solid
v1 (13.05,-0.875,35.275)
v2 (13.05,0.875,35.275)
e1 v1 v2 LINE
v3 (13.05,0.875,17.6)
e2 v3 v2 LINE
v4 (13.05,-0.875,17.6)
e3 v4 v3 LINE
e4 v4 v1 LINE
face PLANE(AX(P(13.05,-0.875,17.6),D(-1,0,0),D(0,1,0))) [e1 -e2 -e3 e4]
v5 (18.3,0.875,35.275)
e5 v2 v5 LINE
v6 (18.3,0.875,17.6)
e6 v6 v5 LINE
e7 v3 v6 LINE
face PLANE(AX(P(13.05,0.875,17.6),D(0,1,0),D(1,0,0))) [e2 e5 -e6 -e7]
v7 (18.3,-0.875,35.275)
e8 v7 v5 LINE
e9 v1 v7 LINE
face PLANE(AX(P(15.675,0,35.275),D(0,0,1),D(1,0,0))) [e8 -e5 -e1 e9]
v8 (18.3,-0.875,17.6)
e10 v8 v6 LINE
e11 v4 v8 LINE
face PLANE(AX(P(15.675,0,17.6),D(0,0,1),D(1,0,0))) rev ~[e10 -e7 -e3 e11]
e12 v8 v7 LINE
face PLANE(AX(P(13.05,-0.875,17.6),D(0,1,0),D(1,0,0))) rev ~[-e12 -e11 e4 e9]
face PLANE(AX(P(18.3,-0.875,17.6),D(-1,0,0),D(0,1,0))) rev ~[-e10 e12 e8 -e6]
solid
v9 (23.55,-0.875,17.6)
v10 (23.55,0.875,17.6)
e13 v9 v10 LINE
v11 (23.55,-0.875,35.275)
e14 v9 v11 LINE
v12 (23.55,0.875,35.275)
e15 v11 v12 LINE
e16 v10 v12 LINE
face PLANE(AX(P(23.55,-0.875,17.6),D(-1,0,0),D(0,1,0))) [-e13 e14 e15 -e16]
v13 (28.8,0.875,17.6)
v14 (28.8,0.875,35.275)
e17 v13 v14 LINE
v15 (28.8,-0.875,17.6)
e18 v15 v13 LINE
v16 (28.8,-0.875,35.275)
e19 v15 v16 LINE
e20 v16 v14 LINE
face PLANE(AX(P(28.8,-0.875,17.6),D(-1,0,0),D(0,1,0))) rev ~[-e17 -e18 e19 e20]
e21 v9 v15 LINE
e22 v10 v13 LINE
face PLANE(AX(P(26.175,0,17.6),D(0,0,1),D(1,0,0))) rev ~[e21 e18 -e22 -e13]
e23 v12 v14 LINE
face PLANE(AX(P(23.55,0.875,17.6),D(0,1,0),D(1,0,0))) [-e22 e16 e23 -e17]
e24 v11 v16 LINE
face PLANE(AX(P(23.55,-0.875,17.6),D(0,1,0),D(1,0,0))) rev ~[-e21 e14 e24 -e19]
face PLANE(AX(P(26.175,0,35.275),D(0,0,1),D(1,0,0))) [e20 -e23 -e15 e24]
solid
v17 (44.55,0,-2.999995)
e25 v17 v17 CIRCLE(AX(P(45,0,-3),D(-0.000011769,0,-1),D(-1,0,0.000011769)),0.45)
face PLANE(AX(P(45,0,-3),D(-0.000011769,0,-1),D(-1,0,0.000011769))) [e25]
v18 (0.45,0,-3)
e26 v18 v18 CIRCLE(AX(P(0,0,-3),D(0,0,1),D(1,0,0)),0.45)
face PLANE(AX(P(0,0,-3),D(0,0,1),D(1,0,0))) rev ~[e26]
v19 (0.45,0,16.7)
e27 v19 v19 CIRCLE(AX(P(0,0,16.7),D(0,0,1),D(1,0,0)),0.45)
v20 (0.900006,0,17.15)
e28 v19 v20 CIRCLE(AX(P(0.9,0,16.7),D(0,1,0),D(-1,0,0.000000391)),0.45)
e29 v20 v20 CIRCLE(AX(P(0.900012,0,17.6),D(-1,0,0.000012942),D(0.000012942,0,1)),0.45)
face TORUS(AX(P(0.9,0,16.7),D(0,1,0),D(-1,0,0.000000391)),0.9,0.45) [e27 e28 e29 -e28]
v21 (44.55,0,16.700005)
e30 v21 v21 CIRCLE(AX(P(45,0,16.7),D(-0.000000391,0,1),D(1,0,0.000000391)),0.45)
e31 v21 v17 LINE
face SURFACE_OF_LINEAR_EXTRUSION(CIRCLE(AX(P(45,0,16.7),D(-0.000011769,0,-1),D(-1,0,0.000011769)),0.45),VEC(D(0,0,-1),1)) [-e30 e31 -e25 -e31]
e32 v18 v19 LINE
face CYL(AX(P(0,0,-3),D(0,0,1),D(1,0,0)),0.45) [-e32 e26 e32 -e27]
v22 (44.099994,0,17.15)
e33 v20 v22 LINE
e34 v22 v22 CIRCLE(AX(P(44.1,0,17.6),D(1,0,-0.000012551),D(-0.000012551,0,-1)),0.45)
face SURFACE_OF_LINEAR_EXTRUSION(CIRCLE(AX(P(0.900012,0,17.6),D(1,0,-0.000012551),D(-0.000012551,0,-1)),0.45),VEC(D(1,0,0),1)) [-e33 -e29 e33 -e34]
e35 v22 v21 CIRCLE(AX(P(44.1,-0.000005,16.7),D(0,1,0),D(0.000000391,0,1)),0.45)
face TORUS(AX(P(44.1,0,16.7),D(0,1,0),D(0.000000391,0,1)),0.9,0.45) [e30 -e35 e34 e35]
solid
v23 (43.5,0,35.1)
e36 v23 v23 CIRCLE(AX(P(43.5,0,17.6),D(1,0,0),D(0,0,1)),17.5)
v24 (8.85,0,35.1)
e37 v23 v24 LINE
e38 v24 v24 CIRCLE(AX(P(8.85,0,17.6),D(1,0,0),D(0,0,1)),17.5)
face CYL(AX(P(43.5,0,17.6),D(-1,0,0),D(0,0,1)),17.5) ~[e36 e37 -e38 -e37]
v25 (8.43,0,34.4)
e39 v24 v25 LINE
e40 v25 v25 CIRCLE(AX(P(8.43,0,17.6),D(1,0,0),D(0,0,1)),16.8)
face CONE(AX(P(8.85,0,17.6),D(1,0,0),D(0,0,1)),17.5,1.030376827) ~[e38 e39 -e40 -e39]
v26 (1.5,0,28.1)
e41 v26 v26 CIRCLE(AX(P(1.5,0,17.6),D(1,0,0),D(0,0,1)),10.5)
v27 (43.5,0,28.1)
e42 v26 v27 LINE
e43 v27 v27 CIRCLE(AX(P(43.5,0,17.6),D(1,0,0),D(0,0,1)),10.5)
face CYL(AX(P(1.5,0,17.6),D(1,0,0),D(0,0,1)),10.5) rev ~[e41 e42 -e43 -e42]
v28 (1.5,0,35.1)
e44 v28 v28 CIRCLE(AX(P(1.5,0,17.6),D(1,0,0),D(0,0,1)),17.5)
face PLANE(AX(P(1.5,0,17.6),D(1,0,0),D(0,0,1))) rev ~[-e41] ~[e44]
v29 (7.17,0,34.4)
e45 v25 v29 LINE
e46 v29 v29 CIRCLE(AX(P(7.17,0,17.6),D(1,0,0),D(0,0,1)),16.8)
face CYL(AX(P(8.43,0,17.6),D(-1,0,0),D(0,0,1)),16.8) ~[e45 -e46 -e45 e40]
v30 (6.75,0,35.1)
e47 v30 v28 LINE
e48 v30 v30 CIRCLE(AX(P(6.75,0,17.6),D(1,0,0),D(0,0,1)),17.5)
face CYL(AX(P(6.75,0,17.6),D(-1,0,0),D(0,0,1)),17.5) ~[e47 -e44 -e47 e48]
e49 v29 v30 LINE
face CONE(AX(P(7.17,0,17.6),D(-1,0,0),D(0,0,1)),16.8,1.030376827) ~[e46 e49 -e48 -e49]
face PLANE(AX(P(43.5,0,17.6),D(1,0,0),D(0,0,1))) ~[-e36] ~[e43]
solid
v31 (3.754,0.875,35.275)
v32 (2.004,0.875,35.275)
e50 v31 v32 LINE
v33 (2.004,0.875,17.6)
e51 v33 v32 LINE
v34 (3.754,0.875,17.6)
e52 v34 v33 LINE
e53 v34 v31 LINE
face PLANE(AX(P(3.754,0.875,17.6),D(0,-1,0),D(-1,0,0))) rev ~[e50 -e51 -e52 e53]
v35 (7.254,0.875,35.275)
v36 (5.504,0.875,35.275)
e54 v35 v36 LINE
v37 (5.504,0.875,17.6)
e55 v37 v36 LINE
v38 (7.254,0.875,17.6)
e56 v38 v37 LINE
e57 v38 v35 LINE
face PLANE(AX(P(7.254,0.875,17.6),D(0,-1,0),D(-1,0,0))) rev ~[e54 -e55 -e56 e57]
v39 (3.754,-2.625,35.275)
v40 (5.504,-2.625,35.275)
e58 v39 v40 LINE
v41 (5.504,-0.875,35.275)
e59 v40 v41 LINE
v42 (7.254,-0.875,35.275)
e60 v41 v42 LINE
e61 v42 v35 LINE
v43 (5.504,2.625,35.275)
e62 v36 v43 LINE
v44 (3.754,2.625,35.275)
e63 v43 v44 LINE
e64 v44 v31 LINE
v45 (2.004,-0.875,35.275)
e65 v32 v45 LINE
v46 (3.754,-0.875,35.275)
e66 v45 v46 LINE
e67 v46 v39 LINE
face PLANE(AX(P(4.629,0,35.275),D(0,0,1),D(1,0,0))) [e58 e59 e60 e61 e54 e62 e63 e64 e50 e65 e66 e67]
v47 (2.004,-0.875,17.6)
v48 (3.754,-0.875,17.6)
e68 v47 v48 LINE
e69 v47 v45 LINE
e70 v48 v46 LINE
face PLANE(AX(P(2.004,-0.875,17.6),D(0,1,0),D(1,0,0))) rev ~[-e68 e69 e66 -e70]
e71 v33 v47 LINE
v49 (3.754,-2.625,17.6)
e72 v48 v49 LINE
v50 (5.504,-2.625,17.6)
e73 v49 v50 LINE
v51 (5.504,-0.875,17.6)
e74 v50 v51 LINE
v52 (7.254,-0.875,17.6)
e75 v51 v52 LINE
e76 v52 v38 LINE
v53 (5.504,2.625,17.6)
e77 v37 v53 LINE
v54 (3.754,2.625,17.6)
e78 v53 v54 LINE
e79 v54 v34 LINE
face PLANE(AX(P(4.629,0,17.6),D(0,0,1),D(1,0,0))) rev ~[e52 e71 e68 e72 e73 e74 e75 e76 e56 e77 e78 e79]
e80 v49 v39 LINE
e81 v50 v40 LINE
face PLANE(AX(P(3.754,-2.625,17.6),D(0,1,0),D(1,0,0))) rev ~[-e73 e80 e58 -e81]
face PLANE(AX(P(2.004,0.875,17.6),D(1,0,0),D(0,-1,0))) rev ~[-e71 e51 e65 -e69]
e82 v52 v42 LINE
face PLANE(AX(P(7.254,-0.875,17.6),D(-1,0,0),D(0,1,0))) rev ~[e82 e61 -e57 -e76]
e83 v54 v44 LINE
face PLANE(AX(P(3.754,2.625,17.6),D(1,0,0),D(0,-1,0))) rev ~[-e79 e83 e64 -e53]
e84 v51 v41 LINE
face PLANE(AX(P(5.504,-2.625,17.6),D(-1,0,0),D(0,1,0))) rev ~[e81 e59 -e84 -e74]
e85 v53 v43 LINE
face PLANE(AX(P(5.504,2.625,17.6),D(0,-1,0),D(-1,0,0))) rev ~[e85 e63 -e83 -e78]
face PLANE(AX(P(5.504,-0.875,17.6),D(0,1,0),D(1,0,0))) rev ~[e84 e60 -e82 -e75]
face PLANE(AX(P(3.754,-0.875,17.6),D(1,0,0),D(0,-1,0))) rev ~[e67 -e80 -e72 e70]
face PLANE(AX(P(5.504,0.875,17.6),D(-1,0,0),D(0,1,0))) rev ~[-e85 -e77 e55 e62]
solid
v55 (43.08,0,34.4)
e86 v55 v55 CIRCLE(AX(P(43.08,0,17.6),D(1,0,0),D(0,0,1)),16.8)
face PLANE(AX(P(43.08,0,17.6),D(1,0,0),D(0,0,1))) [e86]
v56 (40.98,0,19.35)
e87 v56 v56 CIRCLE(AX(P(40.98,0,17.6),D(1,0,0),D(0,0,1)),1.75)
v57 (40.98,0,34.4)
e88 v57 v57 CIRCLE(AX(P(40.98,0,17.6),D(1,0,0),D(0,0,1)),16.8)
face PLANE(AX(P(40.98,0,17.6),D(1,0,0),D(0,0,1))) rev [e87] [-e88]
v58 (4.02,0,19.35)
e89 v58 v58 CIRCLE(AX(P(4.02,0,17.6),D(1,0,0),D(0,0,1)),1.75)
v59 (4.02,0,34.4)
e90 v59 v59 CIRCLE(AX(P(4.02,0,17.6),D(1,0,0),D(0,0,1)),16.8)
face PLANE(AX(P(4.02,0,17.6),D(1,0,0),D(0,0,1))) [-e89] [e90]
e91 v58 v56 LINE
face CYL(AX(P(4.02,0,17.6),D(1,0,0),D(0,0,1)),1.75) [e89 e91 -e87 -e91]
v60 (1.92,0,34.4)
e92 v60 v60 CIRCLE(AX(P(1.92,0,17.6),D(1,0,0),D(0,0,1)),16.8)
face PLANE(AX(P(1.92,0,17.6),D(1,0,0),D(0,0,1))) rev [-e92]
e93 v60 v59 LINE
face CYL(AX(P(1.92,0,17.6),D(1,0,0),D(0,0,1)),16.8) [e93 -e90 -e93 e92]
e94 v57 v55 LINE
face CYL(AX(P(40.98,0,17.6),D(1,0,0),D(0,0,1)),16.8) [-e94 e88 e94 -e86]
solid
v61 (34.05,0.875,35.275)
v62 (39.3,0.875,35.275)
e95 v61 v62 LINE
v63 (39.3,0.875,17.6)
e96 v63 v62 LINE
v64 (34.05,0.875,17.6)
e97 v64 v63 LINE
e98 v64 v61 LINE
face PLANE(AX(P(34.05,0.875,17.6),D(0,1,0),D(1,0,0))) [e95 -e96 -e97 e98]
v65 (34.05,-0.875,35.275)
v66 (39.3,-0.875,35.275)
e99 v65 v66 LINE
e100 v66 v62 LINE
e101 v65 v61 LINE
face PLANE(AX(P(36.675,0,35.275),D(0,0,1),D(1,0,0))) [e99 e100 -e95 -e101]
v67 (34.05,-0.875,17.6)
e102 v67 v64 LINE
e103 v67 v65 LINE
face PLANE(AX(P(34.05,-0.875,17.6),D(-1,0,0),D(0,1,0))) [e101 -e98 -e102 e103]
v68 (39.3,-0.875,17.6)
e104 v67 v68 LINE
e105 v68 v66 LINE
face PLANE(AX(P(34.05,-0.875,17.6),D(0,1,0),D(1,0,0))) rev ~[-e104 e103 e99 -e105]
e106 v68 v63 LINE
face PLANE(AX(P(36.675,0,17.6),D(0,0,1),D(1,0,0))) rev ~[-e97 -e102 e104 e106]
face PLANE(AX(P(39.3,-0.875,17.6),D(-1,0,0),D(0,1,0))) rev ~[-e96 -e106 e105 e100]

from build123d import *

# Parameters (mm, degrees)
SKETCH_R    = 0.45
SKETCH004_W = 5.25
SKETCH004_H = 1.75
PAD_DEPTH   = 17.675


with BuildPart() as sweep_body:
    # Sweep: sweep along a path in Sketch001
    with BuildLine(Plane.XZ) as sweep_path:
        Line((0, -3), (0, 16.7))
        ThreePointArc((0, 16.7), (0.263608, 17.3364), (0.900012, 17.6))
        Line((0.900012, 17.6), (44.1, 17.6))
        ThreePointArc((44.1, 17.6), (44.736396, 17.336396), (45, 16.7))
        Line((45, 16.7), (45, -3))
    # Sketch → Sweep (sweep)
    with BuildSketch(Plane.XY.offset(-2)):
        Circle(SKETCH_R)
    sweep(path=sweep_path.line)


with BuildPart() as revolution:
    # Sketch002 → Revolution (revolve)
    with BuildSketch(Plane.XZ):
        Polygon((1.5, 35.1), (1.5, 28.1), (43.5, 28.1), (43.5, 35.1), (8.85, 35.1), (8.43, 34.4), (7.17, 34.4), (6.75, 35.1), align=None)
    revolve(axis=Axis((6.97588, 0, 17.6), (1, 0, 0)))


with BuildPart() as revolution001:
    # Sketch003 → Revolution001 (revolve)
    with BuildSketch(Plane.XZ):
        Polygon((1.92, 34.4), (4.02, 34.4), (4.02, 19.35), (40.98, 19.35), (40.98, 34.4), (43.08, 34.4), (43.08, 17.6), (1.92, 17.6), align=None)
    revolve(axis=Axis((6.97588, 0, 17.6), (1, 0, 0)))


with BuildPart() as pad:
    # Sketch004 → Pad (new body)
    with BuildSketch(Plane.XY.offset(17.6)):
        with Locations((36.675, 0)):
            Rectangle(SKETCH004_W, SKETCH004_H)
        with Locations((26.175, 0)):
            Rectangle(SKETCH004_W, SKETCH004_H)
        with Locations((15.675, 0)):
            Rectangle(SKETCH004_W, SKETCH004_H)
        Polygon((3.754, 0.875), (2.004, 0.875), (2.004, -0.875), (3.754, -0.875), (3.754, -2.625), (5.504, -2.625), (5.504, -0.875), (7.254, -0.875), (7.254, 0.875), (5.504, 0.875), (5.504, 2.625), (3.754, 2.625), align=None)
    extrude(amount=PAD_DEPTH)


solid = Compound([sweep_body.part, revolution.part, revolution001.part, pad.part])
